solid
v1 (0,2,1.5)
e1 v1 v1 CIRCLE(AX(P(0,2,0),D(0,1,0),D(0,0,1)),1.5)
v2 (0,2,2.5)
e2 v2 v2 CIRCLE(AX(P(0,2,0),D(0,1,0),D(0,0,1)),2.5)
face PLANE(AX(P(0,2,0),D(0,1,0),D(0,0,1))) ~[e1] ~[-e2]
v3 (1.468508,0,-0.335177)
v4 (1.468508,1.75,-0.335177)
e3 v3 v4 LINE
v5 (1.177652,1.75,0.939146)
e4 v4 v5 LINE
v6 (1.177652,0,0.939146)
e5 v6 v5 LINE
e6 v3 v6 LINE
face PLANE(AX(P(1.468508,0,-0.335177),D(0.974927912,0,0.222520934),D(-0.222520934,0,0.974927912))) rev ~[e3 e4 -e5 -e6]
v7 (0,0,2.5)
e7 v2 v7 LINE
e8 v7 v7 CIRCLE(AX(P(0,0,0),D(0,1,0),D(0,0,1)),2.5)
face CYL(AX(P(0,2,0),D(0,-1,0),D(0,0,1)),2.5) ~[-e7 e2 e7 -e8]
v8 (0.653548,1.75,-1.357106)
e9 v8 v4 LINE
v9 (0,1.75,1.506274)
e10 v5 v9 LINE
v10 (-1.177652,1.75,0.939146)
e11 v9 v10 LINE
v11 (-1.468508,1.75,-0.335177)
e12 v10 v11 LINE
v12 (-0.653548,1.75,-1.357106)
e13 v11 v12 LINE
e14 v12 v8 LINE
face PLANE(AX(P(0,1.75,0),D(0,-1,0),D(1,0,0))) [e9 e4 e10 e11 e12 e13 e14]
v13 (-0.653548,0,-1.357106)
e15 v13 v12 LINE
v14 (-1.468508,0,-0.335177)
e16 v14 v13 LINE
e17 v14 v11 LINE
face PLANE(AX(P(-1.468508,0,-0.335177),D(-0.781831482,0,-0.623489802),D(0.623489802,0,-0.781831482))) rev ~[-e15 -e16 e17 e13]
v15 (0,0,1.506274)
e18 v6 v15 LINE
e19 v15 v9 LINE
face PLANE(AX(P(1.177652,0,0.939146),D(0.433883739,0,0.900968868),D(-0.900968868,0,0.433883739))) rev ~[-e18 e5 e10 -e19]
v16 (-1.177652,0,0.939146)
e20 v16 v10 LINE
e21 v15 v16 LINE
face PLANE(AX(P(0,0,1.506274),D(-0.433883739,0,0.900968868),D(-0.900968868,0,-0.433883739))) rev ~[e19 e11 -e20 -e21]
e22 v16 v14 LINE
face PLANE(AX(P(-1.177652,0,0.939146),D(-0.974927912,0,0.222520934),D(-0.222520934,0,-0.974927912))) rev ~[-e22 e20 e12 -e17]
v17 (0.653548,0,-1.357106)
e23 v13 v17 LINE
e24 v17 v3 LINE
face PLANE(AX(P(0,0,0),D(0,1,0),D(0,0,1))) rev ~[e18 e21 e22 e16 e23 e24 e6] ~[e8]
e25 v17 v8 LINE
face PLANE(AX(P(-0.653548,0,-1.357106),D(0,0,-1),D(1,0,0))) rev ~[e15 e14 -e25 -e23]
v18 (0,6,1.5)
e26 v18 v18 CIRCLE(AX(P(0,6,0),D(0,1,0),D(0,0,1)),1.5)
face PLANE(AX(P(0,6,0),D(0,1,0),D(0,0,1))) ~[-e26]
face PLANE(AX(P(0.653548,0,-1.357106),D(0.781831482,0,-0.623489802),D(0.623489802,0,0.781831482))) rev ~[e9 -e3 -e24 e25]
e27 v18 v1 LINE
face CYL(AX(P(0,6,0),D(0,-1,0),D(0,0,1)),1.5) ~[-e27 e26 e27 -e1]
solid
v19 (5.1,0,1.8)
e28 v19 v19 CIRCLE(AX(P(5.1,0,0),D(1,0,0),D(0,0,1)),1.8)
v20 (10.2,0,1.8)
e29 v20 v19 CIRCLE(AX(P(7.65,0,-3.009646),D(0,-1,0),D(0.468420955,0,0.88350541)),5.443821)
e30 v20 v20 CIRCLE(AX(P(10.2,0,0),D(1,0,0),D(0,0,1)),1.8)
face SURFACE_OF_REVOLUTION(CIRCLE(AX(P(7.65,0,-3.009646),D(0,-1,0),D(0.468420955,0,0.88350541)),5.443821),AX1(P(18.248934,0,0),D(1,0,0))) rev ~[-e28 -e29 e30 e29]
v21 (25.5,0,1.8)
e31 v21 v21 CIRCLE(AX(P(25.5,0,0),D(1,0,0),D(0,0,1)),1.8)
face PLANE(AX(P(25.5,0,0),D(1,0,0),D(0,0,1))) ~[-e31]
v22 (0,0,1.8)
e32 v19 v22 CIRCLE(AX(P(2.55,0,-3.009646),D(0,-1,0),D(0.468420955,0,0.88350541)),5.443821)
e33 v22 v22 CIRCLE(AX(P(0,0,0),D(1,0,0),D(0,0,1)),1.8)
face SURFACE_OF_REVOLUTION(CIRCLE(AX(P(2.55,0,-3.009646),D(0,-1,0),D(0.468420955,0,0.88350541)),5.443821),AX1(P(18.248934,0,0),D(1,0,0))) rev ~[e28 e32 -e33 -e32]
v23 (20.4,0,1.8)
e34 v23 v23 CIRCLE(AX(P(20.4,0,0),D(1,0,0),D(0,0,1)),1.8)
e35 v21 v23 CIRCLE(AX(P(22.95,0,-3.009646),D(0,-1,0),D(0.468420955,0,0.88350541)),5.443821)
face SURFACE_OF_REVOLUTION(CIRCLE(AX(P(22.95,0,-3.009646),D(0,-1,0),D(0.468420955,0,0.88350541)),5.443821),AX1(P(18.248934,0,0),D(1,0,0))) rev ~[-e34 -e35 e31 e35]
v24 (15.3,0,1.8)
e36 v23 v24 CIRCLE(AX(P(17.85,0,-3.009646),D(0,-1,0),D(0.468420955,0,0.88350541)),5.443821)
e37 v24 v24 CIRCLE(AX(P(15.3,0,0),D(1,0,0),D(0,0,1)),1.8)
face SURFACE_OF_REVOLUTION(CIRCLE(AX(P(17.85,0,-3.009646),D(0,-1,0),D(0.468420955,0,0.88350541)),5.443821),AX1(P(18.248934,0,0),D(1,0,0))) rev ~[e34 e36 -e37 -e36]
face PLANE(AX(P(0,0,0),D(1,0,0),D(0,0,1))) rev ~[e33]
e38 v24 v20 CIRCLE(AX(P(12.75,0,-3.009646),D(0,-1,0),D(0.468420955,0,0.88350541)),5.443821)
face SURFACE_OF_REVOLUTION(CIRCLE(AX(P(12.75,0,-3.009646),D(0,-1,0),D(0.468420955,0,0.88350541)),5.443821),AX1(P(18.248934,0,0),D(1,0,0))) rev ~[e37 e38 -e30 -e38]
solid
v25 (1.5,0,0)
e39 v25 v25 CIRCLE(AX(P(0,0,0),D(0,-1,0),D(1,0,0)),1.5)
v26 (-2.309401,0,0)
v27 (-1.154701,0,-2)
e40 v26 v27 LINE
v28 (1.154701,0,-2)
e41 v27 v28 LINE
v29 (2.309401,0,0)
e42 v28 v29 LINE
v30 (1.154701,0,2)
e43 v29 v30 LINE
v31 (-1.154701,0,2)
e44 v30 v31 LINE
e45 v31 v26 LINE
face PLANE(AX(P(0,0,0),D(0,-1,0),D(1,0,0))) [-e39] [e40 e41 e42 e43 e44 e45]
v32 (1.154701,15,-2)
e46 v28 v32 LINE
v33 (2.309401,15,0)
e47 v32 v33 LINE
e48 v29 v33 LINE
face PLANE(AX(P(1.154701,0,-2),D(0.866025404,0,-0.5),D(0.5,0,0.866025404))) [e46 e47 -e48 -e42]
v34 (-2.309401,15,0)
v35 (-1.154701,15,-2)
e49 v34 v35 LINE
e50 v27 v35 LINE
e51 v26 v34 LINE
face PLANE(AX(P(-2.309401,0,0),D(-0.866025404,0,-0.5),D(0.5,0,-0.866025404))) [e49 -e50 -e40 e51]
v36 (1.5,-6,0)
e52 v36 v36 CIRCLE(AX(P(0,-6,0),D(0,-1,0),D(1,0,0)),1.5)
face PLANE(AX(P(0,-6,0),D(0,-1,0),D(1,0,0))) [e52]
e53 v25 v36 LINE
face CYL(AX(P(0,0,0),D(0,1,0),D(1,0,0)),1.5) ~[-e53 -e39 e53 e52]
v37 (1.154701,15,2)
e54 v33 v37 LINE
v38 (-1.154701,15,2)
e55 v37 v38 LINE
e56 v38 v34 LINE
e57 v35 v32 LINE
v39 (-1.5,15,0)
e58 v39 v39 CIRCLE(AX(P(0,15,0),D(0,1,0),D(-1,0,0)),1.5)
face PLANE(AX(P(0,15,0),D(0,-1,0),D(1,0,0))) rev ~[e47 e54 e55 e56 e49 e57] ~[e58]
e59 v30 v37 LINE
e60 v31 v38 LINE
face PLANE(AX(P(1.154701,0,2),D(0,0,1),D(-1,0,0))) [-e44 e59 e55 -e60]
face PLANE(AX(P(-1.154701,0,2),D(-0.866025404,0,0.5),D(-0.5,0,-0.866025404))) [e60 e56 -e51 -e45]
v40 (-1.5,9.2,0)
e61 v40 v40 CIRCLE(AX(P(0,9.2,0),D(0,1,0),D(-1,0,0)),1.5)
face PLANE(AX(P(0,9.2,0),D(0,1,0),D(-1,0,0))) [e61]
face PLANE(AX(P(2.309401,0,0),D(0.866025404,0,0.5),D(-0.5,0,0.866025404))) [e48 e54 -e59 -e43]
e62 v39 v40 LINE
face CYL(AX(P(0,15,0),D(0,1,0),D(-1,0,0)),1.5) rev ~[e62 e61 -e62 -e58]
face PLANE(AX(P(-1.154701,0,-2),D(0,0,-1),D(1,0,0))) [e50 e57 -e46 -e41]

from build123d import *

# Parameters (mm, degrees)
F3_DEPTH  = 15
F4_R      = 1.5
F5_DEPTH  = 6
F9_DEPTH  = 1.75
F10_R     = 1.5
F11_DEPTH = 5.8


with BuildPart() as f1:
    # F0 (on Front) → F1 (revolve)
    with BuildSketch(Plane.XZ):
        with BuildLine():
            Line((0, 1.8), (0, 0))
            Line((0, 0), (25.5, 0))
            Line((25.5, 0), (25.5, 1.8))
            ThreePointArc((25.5, 1.8), (22.95, 2.4341757387), (20.4, 1.8))
            ThreePointArc((20.4, 1.8), (17.85, 2.4341757387), (15.3, 1.8))
            ThreePointArc((15.3, 1.8), (12.75, 2.4341757387), (10.2, 1.8))
            ThreePointArc((10.2, 1.8), (7.65, 2.4341757387), (5.1, 1.8))
            ThreePointArc((5.1, 1.8), (2.55, 2.4341757387), (0, 1.8))
        make_face()
    revolve(axis=Axis((18.2489338421, 0, 0), (1, 0, 0)))


with BuildPart() as f3:
    # F2 (on Front) → F3 (new body)
    with BuildSketch(Plane.XZ):
        Polygon((-1.1547005384, 2), (-2.3094010768, 0), (-1.1547005384, -2), (1.1547005384, -2), (2.3094010768, 0), (1.1547005384, 2), align=None)
    extrude(amount=-F3_DEPTH)

    # F4 (on face) → F5 (join)
    with BuildSketch(Plane.XZ):
        Circle(F4_R)
    extrude(amount=F5_DEPTH)

    # F10 (on face) → F11 (cut)
    with BuildSketch(Plane(origin=(0, 15, 0), x_dir=(-1, 0, 0), z_dir=(0, 1, 0))):
        Circle(F10_R)
    extrude(amount=-F11_DEPTH, mode=Mode.SUBTRACT)


with BuildPart() as f7:
    # F6 (on Right) → F7 (revolve)
    with BuildSketch(Plane.YZ):
        Polygon((0, 2.5), (0, 0), (6, 0), (6, 1.5), (2, 1.5), (2, 2.5), align=None)
    revolve(axis=Axis((0, 10.7707651332, 0), (0, 1, 0)))

    # F8 (on face) → F9 (cut)
    with BuildSketch(Plane.XZ):
        Polygon((-0.6535477052, -1.3571057934), (0.6535477052, -1.3571057934), (1.4685083635, -0.3351774511), (1.1776522721, 0.9391463483), (0, 1.5062737923), (-1.1776522721, 0.9391463483), (-1.4685083635, -0.3351774511), align=None)
    extrude(amount=-F9_DEPTH, mode=Mode.SUBTRACT)


solid = Compound([f1.part, f3.part, f7.part])
